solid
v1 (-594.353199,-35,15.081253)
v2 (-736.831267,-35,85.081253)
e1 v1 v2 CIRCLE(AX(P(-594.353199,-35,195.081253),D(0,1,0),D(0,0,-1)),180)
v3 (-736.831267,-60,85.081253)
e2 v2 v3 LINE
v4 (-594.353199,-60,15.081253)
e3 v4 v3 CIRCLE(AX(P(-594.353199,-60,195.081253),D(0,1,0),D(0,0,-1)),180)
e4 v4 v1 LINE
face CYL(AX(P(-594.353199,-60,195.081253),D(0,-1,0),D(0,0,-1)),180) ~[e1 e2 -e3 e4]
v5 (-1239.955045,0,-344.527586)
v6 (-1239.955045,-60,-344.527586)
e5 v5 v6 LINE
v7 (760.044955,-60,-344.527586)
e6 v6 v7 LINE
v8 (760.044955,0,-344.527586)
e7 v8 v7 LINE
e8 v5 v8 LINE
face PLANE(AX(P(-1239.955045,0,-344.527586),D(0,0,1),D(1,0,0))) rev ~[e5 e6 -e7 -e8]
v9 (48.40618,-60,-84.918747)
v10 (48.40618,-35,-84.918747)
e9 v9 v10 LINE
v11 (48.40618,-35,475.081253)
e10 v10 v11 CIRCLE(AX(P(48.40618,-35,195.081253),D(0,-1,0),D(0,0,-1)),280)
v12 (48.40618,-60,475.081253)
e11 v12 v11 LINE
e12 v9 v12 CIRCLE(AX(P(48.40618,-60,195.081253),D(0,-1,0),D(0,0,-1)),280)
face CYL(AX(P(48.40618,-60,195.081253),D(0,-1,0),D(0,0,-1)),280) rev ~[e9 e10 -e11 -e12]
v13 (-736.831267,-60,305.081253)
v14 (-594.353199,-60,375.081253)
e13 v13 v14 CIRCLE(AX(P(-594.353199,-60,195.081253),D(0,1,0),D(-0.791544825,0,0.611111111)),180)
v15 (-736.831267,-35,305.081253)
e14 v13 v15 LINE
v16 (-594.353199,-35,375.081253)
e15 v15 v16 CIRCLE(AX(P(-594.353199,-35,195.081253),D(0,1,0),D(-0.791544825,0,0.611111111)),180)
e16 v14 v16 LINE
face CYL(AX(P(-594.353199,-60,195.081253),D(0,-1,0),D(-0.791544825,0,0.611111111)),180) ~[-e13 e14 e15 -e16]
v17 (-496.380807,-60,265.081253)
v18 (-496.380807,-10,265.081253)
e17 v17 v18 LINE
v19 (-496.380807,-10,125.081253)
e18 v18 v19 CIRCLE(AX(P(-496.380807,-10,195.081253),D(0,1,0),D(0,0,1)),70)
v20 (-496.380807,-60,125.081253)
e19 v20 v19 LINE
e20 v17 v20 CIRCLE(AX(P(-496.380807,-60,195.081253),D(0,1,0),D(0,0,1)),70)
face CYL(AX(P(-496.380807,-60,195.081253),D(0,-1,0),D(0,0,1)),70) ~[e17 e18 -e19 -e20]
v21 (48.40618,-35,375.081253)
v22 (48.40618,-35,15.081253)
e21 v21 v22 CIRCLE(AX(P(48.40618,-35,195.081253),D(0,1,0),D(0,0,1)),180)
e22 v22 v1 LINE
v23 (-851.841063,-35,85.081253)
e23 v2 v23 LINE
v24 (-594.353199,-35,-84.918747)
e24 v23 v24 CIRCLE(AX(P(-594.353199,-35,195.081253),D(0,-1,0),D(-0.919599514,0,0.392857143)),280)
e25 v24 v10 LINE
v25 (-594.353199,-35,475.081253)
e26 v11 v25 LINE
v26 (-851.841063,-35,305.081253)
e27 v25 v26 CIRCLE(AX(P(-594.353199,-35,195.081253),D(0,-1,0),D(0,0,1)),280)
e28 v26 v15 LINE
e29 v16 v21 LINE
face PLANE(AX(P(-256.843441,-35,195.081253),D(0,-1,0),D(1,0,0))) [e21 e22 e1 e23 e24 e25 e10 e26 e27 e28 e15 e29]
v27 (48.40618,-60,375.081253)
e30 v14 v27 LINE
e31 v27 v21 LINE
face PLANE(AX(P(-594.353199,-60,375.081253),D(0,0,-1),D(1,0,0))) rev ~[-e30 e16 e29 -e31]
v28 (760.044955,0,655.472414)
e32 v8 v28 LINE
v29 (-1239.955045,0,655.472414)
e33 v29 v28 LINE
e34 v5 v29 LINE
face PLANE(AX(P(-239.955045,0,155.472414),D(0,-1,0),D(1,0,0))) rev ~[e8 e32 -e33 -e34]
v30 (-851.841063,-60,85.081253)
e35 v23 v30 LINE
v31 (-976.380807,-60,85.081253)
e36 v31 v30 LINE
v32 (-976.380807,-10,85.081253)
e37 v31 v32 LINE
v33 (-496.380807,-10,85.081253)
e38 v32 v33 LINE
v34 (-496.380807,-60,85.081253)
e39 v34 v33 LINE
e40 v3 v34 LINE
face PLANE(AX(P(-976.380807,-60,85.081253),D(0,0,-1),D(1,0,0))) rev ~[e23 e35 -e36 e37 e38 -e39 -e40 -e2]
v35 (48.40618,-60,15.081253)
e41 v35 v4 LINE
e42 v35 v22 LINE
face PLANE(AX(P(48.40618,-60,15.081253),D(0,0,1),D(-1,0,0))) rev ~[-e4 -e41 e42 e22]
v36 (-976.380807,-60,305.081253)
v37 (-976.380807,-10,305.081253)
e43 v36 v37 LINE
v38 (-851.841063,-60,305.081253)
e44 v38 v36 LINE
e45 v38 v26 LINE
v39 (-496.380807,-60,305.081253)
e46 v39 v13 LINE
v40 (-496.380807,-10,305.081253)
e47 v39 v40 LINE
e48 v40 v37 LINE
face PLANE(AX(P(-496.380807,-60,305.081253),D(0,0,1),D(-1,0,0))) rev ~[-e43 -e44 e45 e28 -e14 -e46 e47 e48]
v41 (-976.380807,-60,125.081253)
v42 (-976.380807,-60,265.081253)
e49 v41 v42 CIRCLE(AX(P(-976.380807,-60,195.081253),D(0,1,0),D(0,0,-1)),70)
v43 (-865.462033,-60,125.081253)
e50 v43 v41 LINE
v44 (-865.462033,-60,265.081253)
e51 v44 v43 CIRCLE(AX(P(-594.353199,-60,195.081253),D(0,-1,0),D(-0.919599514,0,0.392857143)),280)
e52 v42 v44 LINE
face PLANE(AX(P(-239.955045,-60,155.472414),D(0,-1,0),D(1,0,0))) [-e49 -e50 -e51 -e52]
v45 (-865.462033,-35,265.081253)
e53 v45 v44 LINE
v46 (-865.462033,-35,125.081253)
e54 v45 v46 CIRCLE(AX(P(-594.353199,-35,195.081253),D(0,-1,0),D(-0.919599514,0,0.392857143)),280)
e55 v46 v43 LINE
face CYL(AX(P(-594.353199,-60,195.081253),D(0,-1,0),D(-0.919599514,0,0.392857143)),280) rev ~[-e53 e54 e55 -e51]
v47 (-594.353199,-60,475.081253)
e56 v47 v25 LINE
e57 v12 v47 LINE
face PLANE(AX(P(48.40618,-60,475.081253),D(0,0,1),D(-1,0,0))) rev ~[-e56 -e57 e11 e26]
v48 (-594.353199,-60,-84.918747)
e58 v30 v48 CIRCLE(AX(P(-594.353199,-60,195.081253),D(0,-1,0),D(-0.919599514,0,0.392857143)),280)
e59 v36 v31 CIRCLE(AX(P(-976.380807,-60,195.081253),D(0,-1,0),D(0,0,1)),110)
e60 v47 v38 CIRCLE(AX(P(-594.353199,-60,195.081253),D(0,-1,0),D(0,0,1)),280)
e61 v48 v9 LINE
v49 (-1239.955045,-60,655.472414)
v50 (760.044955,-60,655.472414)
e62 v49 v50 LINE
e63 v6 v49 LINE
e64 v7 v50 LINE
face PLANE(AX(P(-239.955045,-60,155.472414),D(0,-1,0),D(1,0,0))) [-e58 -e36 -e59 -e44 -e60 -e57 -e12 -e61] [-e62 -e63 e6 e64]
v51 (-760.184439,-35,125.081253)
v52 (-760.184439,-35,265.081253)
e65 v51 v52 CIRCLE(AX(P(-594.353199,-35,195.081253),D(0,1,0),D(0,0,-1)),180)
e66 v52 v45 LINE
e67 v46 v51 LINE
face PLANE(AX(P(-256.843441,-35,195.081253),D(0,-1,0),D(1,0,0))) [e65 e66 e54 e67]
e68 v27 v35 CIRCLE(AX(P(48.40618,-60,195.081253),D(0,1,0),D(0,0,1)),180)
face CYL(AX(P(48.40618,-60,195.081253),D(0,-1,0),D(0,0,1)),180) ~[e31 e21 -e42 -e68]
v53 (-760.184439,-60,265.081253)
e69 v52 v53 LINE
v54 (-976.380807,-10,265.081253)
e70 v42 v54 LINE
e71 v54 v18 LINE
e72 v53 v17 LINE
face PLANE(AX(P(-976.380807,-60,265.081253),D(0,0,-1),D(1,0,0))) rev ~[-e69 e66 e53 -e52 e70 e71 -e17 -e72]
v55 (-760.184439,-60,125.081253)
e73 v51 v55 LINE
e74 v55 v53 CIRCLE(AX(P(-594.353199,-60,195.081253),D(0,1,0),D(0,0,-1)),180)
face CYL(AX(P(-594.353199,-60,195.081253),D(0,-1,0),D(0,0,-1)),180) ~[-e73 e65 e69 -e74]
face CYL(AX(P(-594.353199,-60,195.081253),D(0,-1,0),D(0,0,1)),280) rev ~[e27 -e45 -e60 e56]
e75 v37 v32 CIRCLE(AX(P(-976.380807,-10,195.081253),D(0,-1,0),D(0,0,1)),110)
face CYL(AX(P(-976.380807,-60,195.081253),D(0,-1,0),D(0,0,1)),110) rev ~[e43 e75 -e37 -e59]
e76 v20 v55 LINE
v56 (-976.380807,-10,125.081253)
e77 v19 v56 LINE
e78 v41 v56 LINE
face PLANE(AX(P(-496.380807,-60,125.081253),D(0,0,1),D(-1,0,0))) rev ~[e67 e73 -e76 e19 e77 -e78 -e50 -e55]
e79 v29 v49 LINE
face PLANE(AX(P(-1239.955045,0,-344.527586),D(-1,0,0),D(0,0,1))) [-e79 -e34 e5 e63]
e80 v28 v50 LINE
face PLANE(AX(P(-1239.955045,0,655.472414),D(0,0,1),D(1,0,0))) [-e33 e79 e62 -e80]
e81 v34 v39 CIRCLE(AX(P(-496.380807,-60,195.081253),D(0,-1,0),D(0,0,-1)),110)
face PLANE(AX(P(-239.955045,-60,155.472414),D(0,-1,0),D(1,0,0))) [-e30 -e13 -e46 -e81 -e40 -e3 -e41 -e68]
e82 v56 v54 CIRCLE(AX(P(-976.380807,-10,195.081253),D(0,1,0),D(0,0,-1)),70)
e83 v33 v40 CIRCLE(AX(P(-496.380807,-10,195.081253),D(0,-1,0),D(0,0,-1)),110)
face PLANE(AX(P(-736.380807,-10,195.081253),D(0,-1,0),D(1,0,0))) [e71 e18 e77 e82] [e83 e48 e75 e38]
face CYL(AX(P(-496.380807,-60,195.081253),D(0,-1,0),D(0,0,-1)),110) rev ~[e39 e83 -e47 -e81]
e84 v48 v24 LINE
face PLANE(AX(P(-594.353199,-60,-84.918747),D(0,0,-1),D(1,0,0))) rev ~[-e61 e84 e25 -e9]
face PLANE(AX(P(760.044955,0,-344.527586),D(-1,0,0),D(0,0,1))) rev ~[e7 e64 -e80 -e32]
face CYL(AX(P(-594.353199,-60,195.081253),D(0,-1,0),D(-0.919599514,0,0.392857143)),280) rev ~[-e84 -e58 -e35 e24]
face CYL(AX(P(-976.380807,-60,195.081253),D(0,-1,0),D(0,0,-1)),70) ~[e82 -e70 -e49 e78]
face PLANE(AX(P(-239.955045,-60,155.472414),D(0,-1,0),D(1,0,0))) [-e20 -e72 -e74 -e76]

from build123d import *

# Parameters (mm, degrees)
F0_W     = 2000
F0_H     = 1000
F1_DEPTH = 60
F3_DEPTH = 50
F5_DEPTH = 25


with BuildPart() as f1:
    # F0 (on Front) → F1 (new body)
    with BuildSketch(Plane.XZ):
        with Locations((-239.9550452828, 155.4724135878)):
            Rectangle(F0_W, F0_H)
    extrude(amount=F1_DEPTH)

    # F2 (on face) → F3 (cut)
    with BuildSketch(Plane.XZ.offset(60)):
        with BuildLine():
            Line((-496.3808069078, 305.0812527983), (-976.3808069078, 305.0812527983))
            ThreePointArc((-976.3808069078, 305.0812527983), (-1086.3808069078, 195.0812527983), (-976.3808069078, 85.0812527983))
            Line((-976.3808069078, 85.0812527983), (-496.3808069078, 85.0812527983))
            ThreePointArc((-496.3808069078, 85.0812527983), (-386.3808069078, 195.0812527983), (-496.3808069078, 305.0812527983))
        make_face()
        with BuildLine():
            ThreePointArc((-976.3808069078, 125.0812527983), (-1046.3808069078, 195.0812527983), (-976.3808069078, 265.0812527983))
            Line((-976.3808069078, 265.0812527983), (-496.3808069078, 265.0812527983))
            ThreePointArc((-496.3808069078, 265.0812527983), (-426.3808069078, 195.0812527983), (-496.3808069078, 125.0812527983))
            Line((-496.3808069078, 125.0812527983), (-976.3808069078, 125.0812527983))
        make_face(mode=Mode.SUBTRACT)
    extrude(amount=-F3_DEPTH, mode=Mode.SUBTRACT)

    # F4 (on face) → F5 (cut)
    with BuildSketch(Plane.XZ.offset(60)):
        with BuildLine():
            ThreePointArc((-736.8312674929, 305.0812527983), (-673.7257383371, 356.6361970123), (-594.3531990051, 375.0812527983))
            Line((-594.3531990051, 375.0812527983), (48.4061799943, 375.0812527983))
            ThreePointArc((48.4061799943, 375.0812527983), (228.4061799943, 195.0812527983), (48.4061799943, 15.0812527983))
            Line((48.4061799943, 15.0812527983), (-594.3531990051, 15.0812527983))
            ThreePointArc((-594.3531990051, 15.0812527983), (-673.7257383371, 33.5263085842), (-736.8312674929, 85.0812527983))
            Line((-736.8312674929, 85.0812527983), (-851.8410627968, 85.0812527983))
            ThreePointArc((-851.8410627968, 85.0812527983), (-748.6256852105, -38.5851761127), (-594.3531990051, -84.9187472017))
            Line((-594.3531990051, -84.9187472017), (48.4061799943, -84.9187472017))
            ThreePointArc((48.4061799943, -84.9187472017), (328.4061799943, 195.0812527983), (48.4061799943, 475.0812527983))
            Line((48.4061799943, 475.0812527983), (-594.3531990051, 475.0812527983))
            ThreePointArc((-594.3531990051, 475.0812527983), (-748.6256852105, 428.7476817092), (-851.8410627968, 305.0812527983))
            Line((-851.8410627968, 305.0812527983), (-736.8312674929, 305.0812527983))
        make_face()
        with BuildLine():
            ThreePointArc((-736.8312674929, 85.0812527983), (-774.3531990051, 195.0812527983), (-736.8312674929, 305.0812527983))
            Line((-736.8312674929, 305.0812527983), (-851.8410627968, 305.0812527983))
            ThreePointArc((-851.8410627968, 305.0812527983), (-874.3531990051, 195.0812527983), (-851.8410627968, 85.0812527983))
            Line((-851.8410627968, 85.0812527983), (-736.8312674929, 85.0812527983))
        make_face()
    extrude(amount=-F5_DEPTH, mode=Mode.SUBTRACT)


solid = f1.part
